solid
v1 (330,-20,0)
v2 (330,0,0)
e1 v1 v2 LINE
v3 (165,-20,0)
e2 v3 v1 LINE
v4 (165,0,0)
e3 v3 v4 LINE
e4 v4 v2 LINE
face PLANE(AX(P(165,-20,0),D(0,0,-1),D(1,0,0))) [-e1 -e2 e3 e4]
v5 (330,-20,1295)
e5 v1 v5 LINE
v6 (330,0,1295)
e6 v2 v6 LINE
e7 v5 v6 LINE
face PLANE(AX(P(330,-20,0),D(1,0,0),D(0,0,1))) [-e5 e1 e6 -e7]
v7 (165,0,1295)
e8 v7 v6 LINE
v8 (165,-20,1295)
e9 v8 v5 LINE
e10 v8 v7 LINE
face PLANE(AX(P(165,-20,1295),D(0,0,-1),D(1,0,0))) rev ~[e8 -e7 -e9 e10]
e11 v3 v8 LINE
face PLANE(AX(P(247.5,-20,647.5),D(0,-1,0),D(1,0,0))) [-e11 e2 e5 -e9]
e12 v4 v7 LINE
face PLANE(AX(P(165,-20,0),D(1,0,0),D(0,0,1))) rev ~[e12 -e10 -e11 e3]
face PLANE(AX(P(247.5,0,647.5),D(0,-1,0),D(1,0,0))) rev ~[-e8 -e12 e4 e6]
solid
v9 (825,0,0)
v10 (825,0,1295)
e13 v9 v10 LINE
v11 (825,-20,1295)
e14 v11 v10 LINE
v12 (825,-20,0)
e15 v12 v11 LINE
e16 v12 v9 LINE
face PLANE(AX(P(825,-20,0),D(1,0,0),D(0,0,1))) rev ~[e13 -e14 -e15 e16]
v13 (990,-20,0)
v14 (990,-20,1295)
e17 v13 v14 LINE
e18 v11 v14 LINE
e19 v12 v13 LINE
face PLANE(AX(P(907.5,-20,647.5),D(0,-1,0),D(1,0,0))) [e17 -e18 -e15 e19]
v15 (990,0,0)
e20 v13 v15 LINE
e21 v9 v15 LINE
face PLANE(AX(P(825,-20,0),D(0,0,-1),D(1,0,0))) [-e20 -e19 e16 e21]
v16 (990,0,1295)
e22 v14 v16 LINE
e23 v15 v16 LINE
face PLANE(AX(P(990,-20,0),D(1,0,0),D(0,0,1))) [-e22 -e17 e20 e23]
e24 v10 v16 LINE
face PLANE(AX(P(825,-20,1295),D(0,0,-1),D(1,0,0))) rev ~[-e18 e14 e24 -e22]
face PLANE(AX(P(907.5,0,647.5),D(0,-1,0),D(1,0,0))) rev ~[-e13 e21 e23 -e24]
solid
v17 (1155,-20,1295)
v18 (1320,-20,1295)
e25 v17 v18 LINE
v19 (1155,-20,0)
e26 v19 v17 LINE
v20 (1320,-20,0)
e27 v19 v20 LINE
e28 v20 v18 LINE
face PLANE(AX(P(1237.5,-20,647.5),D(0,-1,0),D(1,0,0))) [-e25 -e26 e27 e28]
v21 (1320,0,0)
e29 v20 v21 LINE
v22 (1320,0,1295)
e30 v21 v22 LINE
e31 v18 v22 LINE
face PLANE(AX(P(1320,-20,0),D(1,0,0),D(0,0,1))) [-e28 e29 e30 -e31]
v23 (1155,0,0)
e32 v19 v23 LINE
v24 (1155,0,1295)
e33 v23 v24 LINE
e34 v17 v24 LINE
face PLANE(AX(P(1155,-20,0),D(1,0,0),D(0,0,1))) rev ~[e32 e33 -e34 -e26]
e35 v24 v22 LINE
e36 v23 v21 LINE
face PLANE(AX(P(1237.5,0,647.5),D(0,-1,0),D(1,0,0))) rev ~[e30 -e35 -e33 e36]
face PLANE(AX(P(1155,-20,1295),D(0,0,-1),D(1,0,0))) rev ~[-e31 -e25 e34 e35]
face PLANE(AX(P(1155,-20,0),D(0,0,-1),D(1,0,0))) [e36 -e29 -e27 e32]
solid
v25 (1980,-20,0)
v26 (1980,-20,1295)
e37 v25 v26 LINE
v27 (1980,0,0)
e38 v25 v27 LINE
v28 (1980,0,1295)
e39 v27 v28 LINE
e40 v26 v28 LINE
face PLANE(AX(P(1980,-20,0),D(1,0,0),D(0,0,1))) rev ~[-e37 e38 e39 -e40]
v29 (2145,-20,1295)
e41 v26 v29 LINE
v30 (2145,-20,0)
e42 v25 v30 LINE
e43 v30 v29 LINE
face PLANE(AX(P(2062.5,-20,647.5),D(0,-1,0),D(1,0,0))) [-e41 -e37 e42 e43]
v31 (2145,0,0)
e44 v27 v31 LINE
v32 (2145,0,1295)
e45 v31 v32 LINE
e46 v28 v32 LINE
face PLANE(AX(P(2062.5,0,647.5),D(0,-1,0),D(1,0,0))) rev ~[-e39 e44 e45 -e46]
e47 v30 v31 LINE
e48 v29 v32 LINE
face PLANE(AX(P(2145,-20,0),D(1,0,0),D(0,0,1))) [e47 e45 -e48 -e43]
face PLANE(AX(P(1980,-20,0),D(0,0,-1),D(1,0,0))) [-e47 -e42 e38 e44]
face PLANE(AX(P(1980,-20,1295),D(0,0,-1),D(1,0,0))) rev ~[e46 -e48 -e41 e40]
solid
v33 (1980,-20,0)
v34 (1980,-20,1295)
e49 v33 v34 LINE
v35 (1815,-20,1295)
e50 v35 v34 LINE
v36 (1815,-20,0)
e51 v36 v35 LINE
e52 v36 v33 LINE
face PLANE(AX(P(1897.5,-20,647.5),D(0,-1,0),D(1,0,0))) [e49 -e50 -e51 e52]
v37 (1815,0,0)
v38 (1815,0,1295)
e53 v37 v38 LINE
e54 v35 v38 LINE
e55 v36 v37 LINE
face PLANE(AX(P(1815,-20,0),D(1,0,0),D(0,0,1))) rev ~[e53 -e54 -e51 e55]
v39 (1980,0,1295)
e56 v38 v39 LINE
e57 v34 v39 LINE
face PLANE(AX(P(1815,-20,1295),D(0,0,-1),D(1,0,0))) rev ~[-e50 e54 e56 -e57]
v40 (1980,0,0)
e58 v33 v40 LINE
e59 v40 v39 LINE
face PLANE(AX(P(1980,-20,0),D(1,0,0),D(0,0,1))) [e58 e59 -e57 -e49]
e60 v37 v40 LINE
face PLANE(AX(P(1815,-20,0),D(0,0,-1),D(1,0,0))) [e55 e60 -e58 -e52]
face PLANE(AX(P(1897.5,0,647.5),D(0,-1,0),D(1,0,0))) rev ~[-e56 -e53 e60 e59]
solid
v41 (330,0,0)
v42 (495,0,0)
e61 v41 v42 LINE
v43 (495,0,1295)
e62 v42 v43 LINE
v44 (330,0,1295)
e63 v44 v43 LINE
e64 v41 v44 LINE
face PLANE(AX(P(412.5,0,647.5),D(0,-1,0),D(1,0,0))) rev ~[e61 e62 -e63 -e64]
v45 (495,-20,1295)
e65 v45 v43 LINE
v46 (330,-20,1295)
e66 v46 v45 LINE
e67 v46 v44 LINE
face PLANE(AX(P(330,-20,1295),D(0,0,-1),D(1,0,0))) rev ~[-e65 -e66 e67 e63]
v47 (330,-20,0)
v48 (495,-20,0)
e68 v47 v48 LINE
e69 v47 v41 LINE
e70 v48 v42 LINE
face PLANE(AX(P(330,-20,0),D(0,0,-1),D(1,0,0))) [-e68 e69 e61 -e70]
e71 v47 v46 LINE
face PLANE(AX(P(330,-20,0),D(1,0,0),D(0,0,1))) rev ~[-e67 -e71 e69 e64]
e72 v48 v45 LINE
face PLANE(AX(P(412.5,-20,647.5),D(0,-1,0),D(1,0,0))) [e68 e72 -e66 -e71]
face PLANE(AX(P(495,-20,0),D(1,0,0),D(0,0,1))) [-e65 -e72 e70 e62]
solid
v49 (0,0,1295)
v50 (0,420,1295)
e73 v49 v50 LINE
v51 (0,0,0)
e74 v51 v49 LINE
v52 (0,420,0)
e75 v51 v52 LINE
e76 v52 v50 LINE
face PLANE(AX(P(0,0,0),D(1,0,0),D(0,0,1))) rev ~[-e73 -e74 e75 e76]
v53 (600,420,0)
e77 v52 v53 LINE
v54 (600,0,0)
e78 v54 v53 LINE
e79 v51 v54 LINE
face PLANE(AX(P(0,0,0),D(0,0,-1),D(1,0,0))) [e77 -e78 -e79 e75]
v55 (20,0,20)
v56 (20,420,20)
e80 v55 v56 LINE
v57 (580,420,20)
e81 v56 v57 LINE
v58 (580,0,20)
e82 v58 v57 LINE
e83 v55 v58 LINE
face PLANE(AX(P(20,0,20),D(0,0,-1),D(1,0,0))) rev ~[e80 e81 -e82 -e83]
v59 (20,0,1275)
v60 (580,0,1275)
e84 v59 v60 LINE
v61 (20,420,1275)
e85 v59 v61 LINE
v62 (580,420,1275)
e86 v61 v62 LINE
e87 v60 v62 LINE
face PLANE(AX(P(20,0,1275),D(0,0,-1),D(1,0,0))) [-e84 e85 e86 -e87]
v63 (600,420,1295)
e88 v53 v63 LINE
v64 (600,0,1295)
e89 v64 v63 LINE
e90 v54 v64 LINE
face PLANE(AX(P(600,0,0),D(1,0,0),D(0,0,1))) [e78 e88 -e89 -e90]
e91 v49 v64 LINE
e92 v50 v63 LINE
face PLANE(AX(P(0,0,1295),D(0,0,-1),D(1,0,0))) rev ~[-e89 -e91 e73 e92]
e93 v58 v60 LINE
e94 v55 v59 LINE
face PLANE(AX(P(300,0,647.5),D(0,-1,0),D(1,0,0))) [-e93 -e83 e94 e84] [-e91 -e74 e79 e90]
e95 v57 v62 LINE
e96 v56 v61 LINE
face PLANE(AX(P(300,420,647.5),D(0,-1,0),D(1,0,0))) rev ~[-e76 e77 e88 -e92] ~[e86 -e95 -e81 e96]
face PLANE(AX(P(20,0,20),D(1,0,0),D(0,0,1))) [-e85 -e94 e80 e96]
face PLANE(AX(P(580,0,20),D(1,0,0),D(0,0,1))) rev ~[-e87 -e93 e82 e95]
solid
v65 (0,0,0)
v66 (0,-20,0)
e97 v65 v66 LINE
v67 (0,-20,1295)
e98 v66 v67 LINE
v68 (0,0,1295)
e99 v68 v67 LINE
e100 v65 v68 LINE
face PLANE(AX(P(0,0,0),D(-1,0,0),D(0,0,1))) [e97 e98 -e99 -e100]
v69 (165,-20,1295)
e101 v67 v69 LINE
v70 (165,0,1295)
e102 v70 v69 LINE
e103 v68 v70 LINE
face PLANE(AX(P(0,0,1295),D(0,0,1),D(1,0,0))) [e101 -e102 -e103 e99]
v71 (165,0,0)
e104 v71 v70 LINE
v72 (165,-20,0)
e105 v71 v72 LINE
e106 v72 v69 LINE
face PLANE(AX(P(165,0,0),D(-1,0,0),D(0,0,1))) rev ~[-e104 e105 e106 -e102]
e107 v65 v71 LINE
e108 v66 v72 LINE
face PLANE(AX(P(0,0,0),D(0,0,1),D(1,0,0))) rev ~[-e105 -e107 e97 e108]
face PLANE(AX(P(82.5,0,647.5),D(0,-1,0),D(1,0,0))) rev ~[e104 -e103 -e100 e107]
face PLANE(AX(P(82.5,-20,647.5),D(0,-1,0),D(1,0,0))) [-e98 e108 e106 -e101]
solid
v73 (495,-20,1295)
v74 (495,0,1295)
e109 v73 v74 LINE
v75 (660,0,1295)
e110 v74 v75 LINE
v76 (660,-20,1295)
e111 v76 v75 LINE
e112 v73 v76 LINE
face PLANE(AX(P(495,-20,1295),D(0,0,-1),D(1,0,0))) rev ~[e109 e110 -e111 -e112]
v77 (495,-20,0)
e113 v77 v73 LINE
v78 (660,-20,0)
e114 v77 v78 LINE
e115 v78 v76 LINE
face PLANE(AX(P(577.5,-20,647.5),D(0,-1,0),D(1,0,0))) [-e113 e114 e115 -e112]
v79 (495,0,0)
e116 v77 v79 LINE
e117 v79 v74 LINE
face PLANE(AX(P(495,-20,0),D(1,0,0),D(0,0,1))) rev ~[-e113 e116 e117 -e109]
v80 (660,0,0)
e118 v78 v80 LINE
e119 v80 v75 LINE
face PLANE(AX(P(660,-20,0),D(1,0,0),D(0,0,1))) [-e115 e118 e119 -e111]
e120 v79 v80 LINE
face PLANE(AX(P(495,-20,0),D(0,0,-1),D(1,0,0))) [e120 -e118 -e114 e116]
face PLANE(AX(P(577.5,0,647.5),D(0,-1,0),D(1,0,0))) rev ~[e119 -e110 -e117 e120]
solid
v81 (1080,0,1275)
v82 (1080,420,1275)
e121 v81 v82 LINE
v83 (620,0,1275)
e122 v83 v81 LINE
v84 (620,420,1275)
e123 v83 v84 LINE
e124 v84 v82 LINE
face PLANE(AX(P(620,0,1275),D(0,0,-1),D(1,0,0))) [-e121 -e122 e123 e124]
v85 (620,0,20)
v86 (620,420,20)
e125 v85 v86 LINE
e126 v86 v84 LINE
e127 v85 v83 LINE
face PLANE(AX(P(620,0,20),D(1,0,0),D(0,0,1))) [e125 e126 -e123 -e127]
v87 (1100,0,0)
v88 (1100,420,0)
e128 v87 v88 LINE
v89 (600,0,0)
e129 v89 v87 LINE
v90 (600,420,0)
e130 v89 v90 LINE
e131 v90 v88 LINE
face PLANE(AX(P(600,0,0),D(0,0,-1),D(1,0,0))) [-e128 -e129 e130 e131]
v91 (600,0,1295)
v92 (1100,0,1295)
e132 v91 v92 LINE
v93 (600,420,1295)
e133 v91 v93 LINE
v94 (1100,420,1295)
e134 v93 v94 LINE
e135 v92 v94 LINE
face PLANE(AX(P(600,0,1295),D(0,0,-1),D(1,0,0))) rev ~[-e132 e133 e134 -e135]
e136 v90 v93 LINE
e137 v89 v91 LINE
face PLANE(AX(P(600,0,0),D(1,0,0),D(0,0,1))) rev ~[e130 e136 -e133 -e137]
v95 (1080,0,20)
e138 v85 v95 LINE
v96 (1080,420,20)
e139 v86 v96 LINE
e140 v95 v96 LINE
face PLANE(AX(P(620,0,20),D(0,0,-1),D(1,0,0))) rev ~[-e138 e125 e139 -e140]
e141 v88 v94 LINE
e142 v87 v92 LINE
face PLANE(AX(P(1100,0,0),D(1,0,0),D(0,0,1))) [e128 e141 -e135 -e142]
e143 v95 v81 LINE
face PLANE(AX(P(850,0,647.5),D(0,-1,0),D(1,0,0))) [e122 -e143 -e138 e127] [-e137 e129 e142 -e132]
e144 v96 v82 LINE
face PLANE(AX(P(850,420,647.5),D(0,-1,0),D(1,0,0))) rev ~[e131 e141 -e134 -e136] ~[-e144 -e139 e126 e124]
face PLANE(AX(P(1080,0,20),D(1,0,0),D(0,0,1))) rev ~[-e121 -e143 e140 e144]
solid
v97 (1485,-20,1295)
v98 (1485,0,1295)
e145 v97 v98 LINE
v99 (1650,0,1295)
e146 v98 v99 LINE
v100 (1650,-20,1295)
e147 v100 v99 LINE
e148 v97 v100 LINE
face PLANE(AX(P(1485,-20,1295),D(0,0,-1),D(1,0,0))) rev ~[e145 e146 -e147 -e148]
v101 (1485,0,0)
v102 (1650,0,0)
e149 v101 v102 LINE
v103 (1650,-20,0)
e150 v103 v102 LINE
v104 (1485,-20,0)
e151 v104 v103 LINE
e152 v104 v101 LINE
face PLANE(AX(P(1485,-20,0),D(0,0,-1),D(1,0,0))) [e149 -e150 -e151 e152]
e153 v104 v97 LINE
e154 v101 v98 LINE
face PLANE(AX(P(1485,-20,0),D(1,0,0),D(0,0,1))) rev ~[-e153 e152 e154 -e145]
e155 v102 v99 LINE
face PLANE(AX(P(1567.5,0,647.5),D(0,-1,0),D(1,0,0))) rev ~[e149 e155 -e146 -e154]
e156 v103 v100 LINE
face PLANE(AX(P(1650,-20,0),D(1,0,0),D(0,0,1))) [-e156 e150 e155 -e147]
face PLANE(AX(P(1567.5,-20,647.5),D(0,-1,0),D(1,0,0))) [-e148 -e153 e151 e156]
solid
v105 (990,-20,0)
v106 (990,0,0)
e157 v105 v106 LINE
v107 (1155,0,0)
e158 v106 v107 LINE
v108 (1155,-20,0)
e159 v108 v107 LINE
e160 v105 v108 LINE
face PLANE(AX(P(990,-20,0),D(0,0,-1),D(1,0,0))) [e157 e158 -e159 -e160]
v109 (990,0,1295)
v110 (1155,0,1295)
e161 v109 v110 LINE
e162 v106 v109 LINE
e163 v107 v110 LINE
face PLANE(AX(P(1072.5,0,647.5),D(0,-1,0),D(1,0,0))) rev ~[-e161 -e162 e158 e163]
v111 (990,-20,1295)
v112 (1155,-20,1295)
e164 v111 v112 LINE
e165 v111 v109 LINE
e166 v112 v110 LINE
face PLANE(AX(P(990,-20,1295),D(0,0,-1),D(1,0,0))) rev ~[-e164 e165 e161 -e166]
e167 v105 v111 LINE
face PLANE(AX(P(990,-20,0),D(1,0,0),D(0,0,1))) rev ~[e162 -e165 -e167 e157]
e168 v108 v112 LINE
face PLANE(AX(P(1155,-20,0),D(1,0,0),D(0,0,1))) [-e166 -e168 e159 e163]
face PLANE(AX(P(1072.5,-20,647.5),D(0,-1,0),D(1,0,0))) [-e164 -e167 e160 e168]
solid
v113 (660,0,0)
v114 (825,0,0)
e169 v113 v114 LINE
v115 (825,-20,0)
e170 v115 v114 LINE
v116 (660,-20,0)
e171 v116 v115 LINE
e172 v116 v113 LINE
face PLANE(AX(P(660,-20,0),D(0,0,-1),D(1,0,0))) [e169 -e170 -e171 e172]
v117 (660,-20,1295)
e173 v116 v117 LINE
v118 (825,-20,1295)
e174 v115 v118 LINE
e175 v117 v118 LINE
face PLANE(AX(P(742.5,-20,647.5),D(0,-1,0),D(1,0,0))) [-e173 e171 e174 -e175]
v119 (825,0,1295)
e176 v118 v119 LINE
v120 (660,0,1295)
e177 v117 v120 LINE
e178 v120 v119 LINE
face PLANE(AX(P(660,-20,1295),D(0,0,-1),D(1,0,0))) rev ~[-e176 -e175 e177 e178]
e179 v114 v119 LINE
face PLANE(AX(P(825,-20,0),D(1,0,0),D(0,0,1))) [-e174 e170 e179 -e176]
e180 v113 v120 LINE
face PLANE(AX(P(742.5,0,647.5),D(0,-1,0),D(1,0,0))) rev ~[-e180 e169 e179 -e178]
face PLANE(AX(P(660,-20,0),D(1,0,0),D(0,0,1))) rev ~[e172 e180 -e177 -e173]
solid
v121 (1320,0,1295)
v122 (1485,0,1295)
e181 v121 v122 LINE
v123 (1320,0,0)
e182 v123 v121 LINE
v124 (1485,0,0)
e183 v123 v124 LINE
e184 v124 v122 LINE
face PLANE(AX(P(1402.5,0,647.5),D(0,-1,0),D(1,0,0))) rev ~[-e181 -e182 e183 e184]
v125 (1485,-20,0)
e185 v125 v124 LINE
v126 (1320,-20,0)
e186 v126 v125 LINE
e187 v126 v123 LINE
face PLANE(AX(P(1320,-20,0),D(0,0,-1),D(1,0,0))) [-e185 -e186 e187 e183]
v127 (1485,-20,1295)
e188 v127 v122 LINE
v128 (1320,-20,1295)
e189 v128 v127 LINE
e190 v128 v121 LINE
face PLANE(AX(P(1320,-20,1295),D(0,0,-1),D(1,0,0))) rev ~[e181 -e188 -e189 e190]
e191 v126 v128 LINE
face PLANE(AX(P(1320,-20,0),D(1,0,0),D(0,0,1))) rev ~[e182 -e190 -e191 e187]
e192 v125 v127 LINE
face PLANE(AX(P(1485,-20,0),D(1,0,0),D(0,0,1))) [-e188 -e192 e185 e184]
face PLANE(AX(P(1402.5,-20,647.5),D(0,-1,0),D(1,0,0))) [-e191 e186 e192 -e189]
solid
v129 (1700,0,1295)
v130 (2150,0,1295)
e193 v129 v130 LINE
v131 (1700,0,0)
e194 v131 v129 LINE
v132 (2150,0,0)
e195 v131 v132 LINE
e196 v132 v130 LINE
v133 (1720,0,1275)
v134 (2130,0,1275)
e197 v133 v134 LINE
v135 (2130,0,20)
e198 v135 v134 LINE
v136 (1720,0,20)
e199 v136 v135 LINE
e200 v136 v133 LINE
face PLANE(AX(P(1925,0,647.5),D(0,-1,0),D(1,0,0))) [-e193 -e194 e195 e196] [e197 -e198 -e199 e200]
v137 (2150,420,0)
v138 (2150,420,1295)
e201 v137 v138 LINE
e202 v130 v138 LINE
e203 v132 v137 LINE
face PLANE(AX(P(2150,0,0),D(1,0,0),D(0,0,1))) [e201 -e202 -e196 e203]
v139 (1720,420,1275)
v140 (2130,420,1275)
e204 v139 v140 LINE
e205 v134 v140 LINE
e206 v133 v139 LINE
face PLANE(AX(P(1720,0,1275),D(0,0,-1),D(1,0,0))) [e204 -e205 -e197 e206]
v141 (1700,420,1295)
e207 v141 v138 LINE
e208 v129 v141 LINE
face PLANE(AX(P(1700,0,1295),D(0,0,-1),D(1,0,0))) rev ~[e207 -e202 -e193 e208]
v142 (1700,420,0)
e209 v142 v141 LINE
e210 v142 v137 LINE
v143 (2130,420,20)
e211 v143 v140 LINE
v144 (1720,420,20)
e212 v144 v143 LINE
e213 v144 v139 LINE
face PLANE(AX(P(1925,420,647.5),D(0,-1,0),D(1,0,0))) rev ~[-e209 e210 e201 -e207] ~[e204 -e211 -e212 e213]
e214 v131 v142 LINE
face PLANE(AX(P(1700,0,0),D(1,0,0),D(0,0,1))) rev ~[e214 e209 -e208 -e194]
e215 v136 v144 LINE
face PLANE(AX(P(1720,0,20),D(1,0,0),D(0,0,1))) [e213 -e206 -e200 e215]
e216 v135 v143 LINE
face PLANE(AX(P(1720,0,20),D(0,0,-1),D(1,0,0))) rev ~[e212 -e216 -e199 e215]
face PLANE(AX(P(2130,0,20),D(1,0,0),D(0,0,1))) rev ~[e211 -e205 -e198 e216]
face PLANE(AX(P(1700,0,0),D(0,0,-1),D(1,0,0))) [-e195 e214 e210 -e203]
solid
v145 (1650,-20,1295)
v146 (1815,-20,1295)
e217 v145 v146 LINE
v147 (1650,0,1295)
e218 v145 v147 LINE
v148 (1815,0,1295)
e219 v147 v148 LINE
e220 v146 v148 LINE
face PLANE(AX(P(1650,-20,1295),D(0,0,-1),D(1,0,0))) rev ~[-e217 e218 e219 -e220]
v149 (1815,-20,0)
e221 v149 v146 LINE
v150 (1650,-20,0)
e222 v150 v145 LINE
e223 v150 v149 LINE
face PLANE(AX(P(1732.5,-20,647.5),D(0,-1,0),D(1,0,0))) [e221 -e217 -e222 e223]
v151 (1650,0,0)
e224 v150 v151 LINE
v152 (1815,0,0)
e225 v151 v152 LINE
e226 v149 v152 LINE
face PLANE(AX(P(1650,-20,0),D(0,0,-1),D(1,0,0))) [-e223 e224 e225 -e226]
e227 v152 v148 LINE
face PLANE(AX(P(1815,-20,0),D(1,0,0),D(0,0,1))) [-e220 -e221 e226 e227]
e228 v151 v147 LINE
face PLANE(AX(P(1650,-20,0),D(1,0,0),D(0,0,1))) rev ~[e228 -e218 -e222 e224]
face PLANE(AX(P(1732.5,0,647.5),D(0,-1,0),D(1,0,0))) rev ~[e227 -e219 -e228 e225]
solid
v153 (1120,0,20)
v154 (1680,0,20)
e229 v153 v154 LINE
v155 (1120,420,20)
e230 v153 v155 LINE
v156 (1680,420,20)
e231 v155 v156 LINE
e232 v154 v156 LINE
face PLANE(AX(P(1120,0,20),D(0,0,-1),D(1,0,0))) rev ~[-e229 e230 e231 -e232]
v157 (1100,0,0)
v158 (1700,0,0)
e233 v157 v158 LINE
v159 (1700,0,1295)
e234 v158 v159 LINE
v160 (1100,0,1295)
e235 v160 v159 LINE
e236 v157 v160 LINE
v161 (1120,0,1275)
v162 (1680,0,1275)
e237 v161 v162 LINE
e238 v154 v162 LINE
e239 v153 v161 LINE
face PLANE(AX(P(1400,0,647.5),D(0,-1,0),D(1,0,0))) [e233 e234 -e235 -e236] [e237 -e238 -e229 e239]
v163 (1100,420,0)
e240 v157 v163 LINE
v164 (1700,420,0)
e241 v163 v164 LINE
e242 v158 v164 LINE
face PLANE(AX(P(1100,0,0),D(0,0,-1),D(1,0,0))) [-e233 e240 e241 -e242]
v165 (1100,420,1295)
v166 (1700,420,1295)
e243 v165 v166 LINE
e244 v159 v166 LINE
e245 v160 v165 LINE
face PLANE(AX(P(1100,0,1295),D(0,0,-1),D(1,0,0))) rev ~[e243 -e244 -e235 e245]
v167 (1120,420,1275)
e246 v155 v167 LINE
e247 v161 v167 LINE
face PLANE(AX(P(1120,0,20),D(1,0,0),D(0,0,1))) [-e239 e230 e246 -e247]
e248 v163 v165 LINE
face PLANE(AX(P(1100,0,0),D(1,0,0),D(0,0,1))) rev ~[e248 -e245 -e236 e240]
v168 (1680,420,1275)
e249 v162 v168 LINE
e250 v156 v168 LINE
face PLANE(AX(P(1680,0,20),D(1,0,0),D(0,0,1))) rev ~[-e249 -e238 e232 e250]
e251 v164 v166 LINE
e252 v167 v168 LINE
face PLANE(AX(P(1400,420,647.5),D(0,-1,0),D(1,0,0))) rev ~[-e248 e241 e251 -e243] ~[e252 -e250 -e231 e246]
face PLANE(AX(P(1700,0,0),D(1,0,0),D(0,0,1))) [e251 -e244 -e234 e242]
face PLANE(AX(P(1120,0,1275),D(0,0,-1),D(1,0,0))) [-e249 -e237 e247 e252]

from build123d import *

# Parameters (mm, degrees)
F0_W      = 600
F0_H      = 1295
F0_W_2    = 560
F0_H_2    = 1255
F1_DEPTH  = 420
F2_W      = 500
F2_H      = 1295
F2_W_2    = 460
F2_H_2    = 1255
F3_DEPTH  = 420
F4_W      = 600
F4_H      = 1295
F4_W_2    = 560
F4_H_2    = 1255
F5_DEPTH  = 420
F6_W      = 450
F6_H      = 1295
F6_W_2    = 410
F6_H_2    = 1255
F7_DEPTH  = 420
F8_W      = 165
F8_H      = 1295
F9_DEPTH  = 20
F10_W     = 165
F10_H     = 1295
F11_DEPTH = 20
F12_W     = 165
F12_H     = 1295
F13_DEPTH = 20
F14_W     = 165
F14_H     = 1295
F15_DEPTH = 20
F16_W     = 165
F16_H     = 1295
F17_DEPTH = 20
F18_W     = 165
F18_H     = 1295
F19_DEPTH = 20
F20_W     = 165
F20_H     = 1295
F21_DEPTH = 20
F22_W     = 165
F22_H     = 1295
F23_DEPTH = 20
F24_W     = 165
F24_H     = 1295
F25_DEPTH = 20
F26_W     = 165
F26_H     = 1295
F27_DEPTH = 20
F28_W     = 165
F28_H     = 1295
F29_DEPTH = 20
F30_W     = 165
F30_H     = 1295
F31_DEPTH = 20
F32_W     = 165
F32_H     = 1295
F33_DEPTH = 20


with BuildPart() as f1:
    # F0 (on Front) → F1 (new body)
    with BuildSketch(Plane.XZ):
        with Locations((300, 647.5)):
            Rectangle(F0_W, F0_H)
        with Locations((300, 647.5)):
            Rectangle(F0_W_2, F0_H_2, mode=Mode.SUBTRACT)
    extrude(amount=-F1_DEPTH)


with BuildPart() as f3:
    # F2 (on face) → F3 (new body)
    with BuildSketch(Plane.XZ):
        with Locations((850, 647.5)):
            Rectangle(F2_W, F2_H)
        with Locations((850, 647.5)):
            Rectangle(F2_W_2, F2_H_2, mode=Mode.SUBTRACT)
    extrude(amount=-F3_DEPTH)


with BuildPart() as f5:
    # F4 (on face) → F5 (new body)
    with BuildSketch(Plane.XZ):
        with Locations((1400, 647.5)):
            Rectangle(F4_W, F4_H)
        with Locations((1400, 647.5)):
            Rectangle(F4_W_2, F4_H_2, mode=Mode.SUBTRACT)
    extrude(amount=-F5_DEPTH)


with BuildPart() as f7:
    # F6 (on face) → F7 (new body)
    with BuildSketch(Plane.XZ):
        with Locations((1925, 647.5)):
            Rectangle(F6_W, F6_H)
        with Locations((1925, 647.5)):
            Rectangle(F6_W_2, F6_H_2, mode=Mode.SUBTRACT)
    extrude(amount=-F7_DEPTH)


with BuildPart() as f9:
    # F8 (on face) → F9 (new body)
    with BuildSketch(Plane.XZ):
        with Locations((82.5, 647.5)):
            Rectangle(F8_W, F8_H)
    extrude(amount=F9_DEPTH)


with BuildPart() as f11:
    # F10 (on face) → F11 (new body)
    with BuildSketch(Plane.XZ.offset(20)):
        with Locations((247.5, 647.5)):
            Rectangle(F10_W, F10_H)
    extrude(amount=-F11_DEPTH)


with BuildPart() as f13:
    # F12 (on face) → F13 (new body)
    with BuildSketch(Plane.XZ.offset(20)):
        with Locations((412.5, 647.5)):
            Rectangle(F12_W, F12_H)
    extrude(amount=-F13_DEPTH)


with BuildPart() as f15:
    # F14 (on face) → F15 (new body)
    with BuildSketch(Plane.XZ.offset(20)):
        with Locations((577.5, 647.5)):
            Rectangle(F14_W, F14_H)
    extrude(amount=-F15_DEPTH)


with BuildPart() as f17:
    # F16 (on face) → F17 (new body)
    with BuildSketch(Plane.XZ.offset(20)):
        with Locations((742.5, 647.5)):
            Rectangle(F16_W, F16_H)
    extrude(amount=-F17_DEPTH)


with BuildPart() as f19:
    # F18 (on face) → F19 (new body)
    with BuildSketch(Plane.XZ.offset(20)):
        with Locations((907.5, 647.5)):
            Rectangle(F18_W, F18_H)
    extrude(amount=-F19_DEPTH)


with BuildPart() as f21:
    # F20 (on face) → F21 (new body)
    with BuildSketch(Plane.XZ.offset(20)):
        with Locations((1072.5, 647.5)):
            Rectangle(F20_W, F20_H)
    extrude(amount=-F21_DEPTH)


with BuildPart() as f23:
    # F22 (on face) → F23 (new body)
    with BuildSketch(Plane.XZ.offset(20)):
        with Locations((1237.5, 647.5)):
            Rectangle(F22_W, F22_H)
    extrude(amount=-F23_DEPTH)


with BuildPart() as f25:
    # F24 (on face) → F25 (new body)
    with BuildSketch(Plane.XZ.offset(20)):
        with Locations((1402.5, 647.5)):
            Rectangle(F24_W, F24_H)
    extrude(amount=-F25_DEPTH)


with BuildPart() as f27:
    # F26 (on face) → F27 (new body)
    with BuildSketch(Plane.XZ.offset(20)):
        with Locations((1567.5, 647.5)):
            Rectangle(F26_W, F26_H)
    extrude(amount=-F27_DEPTH)


with BuildPart() as f29:
    # F28 (on face) → F29 (new body)
    with BuildSketch(Plane.XZ.offset(20)):
        with Locations((1732.5, 647.5)):
            Rectangle(F28_W, F28_H)
    extrude(amount=-F29_DEPTH)


with BuildPart() as f31:
    # F30 (on face) → F31 (new body)
    with BuildSketch(Plane.XZ.offset(20)):
        with Locations((1897.5, 647.5)):
            Rectangle(F30_W, F30_H)
    extrude(amount=-F31_DEPTH)


with BuildPart() as f33:
    # F32 (on face) → F33 (new body)
    with BuildSketch(Plane.XZ.offset(20)):
        with Locations((2062.5, 647.5)):
            Rectangle(F32_W, F32_H)
    extrude(amount=-F33_DEPTH)


solid = Compound([f1.part, f3.part, f5.part, f7.part, f9.part, f11.part, f13.part, f15.part, f17.part, f19.part, f21.part, f23.part, f25.part, f27.part, f29.part, f31.part, f33.part])
